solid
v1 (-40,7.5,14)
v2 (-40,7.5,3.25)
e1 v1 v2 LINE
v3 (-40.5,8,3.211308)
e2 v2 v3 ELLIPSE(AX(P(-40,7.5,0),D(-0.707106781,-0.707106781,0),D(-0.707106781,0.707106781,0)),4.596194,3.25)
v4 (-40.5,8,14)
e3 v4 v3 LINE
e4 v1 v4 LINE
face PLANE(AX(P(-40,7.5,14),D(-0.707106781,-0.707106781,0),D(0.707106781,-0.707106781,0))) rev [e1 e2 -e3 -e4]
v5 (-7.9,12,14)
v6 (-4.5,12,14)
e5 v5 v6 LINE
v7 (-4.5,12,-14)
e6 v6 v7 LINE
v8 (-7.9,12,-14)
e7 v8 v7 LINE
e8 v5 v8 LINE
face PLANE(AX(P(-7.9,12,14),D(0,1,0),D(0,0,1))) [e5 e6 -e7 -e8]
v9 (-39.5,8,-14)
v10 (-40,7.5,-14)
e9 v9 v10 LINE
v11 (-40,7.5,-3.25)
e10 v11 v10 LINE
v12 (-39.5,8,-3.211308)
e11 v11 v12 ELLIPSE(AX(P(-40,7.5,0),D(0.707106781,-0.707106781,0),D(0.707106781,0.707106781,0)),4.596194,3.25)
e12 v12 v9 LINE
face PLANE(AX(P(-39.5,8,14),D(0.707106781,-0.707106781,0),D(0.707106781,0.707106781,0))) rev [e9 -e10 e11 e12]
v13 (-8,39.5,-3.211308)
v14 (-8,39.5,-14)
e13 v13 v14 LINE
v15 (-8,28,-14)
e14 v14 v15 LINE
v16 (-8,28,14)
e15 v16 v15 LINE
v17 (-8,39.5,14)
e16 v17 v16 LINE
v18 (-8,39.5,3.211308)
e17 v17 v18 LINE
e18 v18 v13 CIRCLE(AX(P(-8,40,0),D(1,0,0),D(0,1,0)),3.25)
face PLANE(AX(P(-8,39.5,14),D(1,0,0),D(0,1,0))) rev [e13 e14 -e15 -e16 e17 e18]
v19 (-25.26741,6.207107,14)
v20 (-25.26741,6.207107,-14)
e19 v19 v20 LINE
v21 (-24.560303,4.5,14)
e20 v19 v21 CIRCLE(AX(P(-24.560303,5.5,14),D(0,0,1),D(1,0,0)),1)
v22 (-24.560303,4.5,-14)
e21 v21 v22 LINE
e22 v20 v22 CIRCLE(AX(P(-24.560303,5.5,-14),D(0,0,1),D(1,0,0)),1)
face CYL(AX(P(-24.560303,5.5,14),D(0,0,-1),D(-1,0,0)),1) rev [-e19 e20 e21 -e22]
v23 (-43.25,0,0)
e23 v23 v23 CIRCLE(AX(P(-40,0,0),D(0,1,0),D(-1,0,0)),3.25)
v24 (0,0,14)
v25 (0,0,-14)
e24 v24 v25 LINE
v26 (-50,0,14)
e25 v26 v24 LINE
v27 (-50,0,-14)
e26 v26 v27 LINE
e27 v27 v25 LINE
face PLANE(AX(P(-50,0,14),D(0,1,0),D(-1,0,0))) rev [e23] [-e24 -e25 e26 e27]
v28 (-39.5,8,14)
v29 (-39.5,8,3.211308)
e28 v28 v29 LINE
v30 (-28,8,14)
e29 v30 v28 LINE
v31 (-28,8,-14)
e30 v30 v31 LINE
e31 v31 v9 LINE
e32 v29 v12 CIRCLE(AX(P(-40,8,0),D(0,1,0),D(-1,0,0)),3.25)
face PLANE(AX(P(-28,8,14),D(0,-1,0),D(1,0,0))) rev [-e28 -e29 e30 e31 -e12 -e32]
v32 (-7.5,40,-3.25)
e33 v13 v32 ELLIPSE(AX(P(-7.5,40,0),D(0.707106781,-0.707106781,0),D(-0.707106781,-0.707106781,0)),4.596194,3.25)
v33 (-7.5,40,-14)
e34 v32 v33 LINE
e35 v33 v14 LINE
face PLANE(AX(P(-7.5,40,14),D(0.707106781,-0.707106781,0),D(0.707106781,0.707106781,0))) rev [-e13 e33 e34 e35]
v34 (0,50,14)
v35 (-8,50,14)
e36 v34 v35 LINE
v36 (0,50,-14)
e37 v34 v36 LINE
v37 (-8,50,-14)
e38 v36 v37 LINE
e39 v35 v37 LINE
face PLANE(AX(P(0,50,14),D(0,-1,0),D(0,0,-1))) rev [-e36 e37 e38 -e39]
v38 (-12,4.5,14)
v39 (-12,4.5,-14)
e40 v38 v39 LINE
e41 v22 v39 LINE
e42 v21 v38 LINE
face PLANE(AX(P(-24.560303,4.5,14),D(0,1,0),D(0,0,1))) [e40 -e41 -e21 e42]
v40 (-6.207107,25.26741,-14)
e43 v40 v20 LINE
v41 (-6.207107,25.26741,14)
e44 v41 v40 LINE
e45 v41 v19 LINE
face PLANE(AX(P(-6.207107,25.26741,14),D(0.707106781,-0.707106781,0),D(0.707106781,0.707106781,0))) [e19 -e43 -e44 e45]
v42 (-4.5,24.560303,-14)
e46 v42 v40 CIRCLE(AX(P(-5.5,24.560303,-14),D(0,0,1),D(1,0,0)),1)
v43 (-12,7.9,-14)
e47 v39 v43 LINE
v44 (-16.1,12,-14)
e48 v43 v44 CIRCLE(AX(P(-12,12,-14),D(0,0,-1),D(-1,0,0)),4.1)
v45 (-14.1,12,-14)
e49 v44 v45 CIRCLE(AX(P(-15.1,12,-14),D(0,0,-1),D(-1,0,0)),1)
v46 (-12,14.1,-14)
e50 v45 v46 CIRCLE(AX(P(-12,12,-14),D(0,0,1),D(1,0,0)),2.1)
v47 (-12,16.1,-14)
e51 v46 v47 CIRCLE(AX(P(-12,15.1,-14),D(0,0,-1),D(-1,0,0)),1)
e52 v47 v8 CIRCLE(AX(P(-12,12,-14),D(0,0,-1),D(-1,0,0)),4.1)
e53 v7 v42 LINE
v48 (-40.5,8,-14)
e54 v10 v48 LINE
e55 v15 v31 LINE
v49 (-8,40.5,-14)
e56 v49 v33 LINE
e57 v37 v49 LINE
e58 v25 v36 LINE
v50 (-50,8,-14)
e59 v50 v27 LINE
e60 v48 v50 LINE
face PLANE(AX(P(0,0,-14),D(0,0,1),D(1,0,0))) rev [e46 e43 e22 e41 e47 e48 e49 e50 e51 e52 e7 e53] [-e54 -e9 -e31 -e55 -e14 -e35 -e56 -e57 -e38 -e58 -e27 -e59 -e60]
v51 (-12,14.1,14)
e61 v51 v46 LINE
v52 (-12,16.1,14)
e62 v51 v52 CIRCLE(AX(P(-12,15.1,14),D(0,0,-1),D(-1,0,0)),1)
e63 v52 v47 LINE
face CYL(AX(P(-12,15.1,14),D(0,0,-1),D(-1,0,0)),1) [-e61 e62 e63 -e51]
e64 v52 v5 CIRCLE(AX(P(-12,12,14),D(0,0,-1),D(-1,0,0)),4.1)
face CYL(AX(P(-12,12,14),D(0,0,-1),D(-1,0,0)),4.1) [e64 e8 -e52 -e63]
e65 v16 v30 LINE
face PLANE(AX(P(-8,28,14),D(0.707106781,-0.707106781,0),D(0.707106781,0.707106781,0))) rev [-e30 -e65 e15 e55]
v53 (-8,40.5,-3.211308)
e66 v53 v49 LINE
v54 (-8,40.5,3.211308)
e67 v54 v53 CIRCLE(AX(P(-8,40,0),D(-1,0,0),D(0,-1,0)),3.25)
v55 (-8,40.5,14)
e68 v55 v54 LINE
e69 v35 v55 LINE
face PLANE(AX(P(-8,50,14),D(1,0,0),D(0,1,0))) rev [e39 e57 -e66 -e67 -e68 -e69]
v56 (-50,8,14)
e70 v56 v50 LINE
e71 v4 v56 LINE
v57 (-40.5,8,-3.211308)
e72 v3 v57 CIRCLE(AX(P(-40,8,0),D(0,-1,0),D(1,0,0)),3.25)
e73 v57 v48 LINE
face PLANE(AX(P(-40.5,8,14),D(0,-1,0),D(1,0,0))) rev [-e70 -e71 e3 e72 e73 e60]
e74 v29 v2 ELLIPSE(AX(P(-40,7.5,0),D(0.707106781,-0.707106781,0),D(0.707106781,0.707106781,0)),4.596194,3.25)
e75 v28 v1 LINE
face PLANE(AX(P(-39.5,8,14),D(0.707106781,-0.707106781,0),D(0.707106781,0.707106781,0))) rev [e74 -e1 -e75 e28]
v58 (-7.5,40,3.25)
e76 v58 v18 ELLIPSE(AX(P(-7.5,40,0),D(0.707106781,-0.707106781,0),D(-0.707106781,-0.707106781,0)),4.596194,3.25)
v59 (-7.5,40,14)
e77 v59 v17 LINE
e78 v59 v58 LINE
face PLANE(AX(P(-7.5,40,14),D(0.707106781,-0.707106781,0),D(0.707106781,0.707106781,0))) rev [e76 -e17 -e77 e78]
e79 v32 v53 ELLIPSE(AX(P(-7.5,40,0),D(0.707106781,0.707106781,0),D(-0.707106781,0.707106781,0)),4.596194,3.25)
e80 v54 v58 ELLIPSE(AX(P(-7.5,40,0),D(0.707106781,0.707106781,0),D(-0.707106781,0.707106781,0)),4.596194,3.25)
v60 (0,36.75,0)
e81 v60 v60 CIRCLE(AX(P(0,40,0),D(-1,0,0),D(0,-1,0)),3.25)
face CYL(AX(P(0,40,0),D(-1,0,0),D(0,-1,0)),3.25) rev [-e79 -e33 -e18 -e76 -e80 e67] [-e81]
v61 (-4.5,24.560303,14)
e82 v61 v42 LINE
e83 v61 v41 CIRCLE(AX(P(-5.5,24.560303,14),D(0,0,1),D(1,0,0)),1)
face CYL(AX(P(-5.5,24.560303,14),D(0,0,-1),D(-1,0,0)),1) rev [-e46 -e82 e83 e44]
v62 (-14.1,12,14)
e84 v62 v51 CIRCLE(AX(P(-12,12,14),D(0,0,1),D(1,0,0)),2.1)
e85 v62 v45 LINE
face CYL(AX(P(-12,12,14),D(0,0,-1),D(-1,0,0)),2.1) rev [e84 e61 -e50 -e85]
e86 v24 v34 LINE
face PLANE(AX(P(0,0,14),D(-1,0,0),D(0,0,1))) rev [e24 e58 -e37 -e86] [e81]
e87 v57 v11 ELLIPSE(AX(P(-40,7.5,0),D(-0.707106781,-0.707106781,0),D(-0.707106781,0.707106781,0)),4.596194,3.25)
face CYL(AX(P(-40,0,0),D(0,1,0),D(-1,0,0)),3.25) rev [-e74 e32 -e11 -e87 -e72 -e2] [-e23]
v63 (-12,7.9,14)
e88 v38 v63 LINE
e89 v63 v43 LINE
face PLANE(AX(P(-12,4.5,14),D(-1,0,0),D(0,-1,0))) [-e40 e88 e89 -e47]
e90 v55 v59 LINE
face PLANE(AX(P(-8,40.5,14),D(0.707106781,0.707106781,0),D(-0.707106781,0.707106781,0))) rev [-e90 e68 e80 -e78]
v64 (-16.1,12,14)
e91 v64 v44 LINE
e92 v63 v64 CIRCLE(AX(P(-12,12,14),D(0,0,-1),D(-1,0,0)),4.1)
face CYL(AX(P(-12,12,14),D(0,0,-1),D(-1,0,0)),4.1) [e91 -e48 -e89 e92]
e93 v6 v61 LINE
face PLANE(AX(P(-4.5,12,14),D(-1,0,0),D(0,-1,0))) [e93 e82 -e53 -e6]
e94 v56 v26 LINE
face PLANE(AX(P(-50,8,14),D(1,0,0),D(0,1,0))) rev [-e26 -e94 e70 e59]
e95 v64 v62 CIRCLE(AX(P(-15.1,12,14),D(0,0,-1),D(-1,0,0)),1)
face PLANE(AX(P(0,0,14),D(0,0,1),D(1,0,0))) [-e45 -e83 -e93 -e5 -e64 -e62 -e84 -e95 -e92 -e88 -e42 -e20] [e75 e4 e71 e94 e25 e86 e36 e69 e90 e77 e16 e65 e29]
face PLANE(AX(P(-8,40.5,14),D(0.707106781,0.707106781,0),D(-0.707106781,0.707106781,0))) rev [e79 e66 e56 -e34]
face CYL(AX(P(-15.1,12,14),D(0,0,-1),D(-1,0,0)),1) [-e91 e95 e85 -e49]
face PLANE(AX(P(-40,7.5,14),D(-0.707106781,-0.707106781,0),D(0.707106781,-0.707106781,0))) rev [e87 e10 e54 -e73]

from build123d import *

# Parameters (mm, degrees)
EXTRUDE_1_DEPTH     = 14
SKETCH_2_R          = 3.25
CUT_EXTRUDE_1_DEPTH = 9
SKETCH_3_R          = 3.25
CUT_EXTRUDE_2_DEPTH = 9


with BuildPart() as part:
    # Эскиз1 → Бобышка-Вытянуть1 (new body, symmetric)
    with BuildSketch(Plane.XY):
        Polygon((-50, 0), (0, 0), (0, 50), (-8, 50), (-8, 40.5), (-7.5, 40), (-8, 39.5), (-8, 28), (-28, 8), (-39.5, 8), (-40, 7.5), (-40.5, 8), (-50, 8), align=None)
        with BuildLine():
            Line((-4.5, 12), (-4.5, 24.560303038))
            ThreePointArc((-4.5, 24.560303038), (-5.117316568, 25.484182571), (-6.207106781, 25.267409819))
            Line((-6.207106781, 25.267409819), (-25.267409819, 6.207106781))
            ThreePointArc((-25.267409819, 6.207106781), (-25.484182571, 5.117316568), (-24.560303038, 4.5))
            Line((-24.560303038, 4.5), (-12, 4.5))
            Line((-12, 4.5), (-12, 7.9))
            ThreePointArc((-12, 7.9), (-14.899137803, 9.100862197), (-16.1, 12))
            ThreePointArc((-16.1, 12), (-15.1, 13), (-14.1, 12))
            ThreePointArc((-14.1, 12), (-10.51507576, 10.51507576), (-12, 14.1))
            ThreePointArc((-12, 14.1), (-13, 15.1), (-12, 16.1))
            ThreePointArc((-12, 16.1), (-9.100862197, 14.899137803), (-7.9, 12))
            Line((-7.9, 12), (-4.5, 12))
        make_face(mode=Mode.SUBTRACT)
    extrude(amount=EXTRUDE_1_DEPTH, both=True)

    # Эскиз2 → Вырез-Вытянуть1 (cut, through all)
    with BuildSketch(Plane.ZY.offset(8)):
        with Locations(Location((0, 40, 0), (0, 0, 270))):  # turned: the seam where the file's is
            Circle(SKETCH_2_R)
    extrude(amount=-CUT_EXTRUDE_1_DEPTH, mode=Mode.SUBTRACT)

    # Эскиз3 → Вырез-Вытянуть2 (cut, through all)
    with BuildSketch(Plane(origin=(0, 8, 0), x_dir=(1, 0, 0), z_dir=(0, 1, 0))):
        with Locations(Location((-40, 0, 0), (0, 0, 180))):  # turned: the seam where the file's is
            Circle(SKETCH_3_R)
    extrude(amount=-CUT_EXTRUDE_2_DEPTH, mode=Mode.SUBTRACT)


solid = part.part
